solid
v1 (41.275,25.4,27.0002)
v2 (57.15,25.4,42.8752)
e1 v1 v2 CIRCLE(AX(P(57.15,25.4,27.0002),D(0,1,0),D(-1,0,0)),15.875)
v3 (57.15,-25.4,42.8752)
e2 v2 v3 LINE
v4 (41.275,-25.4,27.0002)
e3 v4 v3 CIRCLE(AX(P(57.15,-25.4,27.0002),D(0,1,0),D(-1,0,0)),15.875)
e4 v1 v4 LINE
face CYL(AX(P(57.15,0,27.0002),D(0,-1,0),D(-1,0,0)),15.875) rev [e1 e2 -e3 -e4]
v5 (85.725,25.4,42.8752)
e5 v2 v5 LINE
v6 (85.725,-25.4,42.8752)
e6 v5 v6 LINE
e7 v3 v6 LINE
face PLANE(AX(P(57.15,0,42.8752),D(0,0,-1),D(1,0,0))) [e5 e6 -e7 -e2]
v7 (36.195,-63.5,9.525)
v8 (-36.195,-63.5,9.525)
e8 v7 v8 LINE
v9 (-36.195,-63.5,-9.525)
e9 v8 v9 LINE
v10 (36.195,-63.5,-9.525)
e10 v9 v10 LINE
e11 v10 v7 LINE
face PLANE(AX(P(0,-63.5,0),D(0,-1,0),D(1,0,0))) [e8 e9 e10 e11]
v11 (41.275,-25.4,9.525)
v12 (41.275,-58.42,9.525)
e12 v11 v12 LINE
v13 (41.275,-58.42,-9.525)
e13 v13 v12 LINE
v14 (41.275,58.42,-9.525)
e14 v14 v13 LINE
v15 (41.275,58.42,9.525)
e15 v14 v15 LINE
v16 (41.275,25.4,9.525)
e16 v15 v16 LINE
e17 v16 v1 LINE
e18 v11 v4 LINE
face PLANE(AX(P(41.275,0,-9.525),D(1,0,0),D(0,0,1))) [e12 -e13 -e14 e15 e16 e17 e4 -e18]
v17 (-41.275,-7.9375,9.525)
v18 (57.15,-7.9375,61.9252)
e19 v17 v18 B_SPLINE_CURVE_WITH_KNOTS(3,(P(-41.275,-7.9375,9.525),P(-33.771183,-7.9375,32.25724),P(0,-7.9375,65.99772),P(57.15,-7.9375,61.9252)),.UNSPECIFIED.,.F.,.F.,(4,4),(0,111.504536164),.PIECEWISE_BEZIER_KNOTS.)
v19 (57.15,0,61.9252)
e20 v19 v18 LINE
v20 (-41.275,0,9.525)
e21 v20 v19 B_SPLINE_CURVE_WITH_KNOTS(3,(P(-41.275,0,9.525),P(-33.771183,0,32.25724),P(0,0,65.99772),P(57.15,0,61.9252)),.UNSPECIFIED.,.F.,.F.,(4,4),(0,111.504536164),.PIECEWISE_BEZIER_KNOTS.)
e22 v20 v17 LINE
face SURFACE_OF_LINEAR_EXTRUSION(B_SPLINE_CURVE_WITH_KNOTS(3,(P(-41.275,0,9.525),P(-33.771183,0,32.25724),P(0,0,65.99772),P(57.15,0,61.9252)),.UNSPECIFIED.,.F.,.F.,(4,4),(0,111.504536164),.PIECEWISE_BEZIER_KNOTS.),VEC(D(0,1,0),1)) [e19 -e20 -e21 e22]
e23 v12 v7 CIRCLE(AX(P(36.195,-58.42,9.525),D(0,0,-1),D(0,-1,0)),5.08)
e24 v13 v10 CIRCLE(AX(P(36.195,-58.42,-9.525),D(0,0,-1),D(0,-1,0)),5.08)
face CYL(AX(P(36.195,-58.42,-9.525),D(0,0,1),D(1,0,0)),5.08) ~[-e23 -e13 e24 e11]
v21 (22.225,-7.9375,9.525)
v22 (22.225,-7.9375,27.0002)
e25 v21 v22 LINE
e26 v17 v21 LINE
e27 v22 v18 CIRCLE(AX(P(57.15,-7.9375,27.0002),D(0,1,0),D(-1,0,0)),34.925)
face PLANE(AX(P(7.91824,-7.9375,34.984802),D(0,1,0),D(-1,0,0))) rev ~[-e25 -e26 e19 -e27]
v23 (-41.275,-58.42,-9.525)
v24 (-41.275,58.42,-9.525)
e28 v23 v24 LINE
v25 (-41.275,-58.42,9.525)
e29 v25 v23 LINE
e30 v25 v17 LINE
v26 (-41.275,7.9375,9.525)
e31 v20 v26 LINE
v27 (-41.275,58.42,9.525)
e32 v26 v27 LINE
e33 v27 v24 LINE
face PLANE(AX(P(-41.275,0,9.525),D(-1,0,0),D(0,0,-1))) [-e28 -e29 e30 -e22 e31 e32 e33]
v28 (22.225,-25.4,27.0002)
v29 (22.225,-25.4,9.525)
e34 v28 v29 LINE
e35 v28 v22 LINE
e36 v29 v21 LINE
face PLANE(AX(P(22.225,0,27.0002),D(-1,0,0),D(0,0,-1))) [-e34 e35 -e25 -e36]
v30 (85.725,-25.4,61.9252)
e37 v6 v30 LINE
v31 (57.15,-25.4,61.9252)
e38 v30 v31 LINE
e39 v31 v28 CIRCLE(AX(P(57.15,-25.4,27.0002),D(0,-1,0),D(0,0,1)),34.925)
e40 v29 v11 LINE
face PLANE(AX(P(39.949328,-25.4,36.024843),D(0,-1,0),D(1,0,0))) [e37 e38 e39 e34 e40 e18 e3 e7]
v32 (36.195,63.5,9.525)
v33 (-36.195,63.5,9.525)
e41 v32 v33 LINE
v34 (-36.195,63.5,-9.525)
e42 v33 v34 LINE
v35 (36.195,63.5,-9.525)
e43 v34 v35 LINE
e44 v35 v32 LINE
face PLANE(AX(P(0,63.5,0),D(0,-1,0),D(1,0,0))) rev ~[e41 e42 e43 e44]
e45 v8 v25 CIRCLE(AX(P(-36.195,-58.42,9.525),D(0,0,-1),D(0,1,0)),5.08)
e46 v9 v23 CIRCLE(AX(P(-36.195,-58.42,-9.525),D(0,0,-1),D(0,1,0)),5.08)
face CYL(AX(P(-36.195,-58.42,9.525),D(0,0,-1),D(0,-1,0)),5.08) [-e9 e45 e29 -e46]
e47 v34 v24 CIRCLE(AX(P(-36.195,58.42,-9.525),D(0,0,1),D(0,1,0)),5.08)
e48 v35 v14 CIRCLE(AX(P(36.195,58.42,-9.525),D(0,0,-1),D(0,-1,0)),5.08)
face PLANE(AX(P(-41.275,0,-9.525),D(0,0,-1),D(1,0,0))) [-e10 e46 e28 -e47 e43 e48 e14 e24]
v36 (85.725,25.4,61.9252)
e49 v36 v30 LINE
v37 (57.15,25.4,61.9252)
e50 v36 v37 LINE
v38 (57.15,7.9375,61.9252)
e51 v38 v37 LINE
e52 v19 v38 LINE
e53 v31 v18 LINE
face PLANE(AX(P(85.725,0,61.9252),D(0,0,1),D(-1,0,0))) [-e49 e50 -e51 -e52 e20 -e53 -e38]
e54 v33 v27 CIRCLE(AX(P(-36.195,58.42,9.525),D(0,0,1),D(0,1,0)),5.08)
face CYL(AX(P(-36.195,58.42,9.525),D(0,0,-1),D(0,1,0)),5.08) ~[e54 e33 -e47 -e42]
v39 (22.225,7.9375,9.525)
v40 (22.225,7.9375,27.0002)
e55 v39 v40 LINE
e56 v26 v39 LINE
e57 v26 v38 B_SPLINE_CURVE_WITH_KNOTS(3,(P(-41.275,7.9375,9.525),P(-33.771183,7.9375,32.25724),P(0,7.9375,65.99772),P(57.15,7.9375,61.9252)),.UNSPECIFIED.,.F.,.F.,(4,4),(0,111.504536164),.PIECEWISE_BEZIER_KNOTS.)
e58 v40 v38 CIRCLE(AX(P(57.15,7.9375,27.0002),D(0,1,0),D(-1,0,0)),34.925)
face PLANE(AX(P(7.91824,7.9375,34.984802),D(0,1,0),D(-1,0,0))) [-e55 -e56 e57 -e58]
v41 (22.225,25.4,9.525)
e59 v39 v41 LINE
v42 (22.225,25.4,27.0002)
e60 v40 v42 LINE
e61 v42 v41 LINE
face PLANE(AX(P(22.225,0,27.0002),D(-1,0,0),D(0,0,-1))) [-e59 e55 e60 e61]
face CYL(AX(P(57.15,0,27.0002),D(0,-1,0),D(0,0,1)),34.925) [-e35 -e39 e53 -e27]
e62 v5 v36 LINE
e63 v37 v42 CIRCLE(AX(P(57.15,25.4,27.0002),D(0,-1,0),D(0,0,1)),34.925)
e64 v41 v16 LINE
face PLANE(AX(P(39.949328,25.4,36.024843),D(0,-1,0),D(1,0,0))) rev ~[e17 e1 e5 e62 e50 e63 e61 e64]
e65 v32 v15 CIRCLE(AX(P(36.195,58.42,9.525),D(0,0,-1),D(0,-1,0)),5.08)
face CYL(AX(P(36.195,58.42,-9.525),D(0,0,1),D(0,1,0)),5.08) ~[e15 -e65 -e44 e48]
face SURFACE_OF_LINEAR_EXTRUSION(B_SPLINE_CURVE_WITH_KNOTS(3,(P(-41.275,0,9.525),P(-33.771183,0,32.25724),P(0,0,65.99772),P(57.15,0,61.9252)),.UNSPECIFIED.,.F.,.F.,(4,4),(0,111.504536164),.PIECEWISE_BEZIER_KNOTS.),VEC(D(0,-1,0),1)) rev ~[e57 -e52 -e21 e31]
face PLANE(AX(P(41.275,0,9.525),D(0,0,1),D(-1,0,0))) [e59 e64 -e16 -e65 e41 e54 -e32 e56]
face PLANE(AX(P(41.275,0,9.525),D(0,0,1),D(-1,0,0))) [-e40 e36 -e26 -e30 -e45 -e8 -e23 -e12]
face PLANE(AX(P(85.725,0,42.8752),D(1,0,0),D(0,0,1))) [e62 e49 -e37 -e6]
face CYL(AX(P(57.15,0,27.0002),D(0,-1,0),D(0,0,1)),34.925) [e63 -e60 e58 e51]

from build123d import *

# Parameters (mm, degrees)
F1_DEPTH = 63.5
F0_W     = 25.4
F0_H     = 19.05
F2_DEPTH = 25.4
F3_DEPTH = 7.9375
F4_R     = 5.08


with BuildPart() as f1:
    # F0 (on Front) → F1 (new body, symmetric)
    with BuildSketch(Plane.XZ):
        Polygon((-41.275, -9.525), (41.275, -9.525), (41.275, 9.525), (22.225, 9.525), (-41.275, 9.525), align=None)
    extrude(amount=F1_DEPTH, both=True)

    # F0 (on Front) → F2 (join, symmetric)
    with BuildSketch(Plane.XZ):
        with BuildLine():
            Line((22.225, 9.525), (41.275, 9.525))
            Line((41.275, 9.525), (41.275, 27.0002))
            ThreePointArc((41.275, 27.0002), (45.9246798487, 38.2255201513), (57.15, 42.8752))
            Line((57.15, 42.8752), (60.325, 42.8752))
            Line((60.325, 42.8752), (60.325, 61.9252))
            Line((60.325, 61.9252), (57.15, 61.9252))
            ThreePointArc((57.15, 61.9252), (32.4542956671, 51.6959043329), (22.225, 27.0002))
            Line((22.225, 27.0002), (22.225, 9.525))
        make_face()
        with Locations((73.025, 52.4002)):
            Rectangle(F0_W, F0_H)
    extrude(amount=F2_DEPTH, both=True)

    # F0 (on Front) → F3 (join, symmetric)
    with BuildSketch(Plane.XZ):
        with BuildLine():
            add(Edge.make_bspline(
                [(-41.275, 9.525), (-33.7711833417, 32.2572402656), (0, 65.9977197647), (57.15, 61.9252)],
                knots=[0, 0, 0, 0, 111.5045361635, 111.5045361635, 111.5045361635, 111.5045361635], degree=3))
            Line((-41.275, 9.525), (22.225, 9.525))
            Line((22.225, 9.525), (22.225, 27.0002))
            ThreePointArc((22.225, 27.0002), (32.4542956671, 51.6959043329), (57.15, 61.9252))
        make_face()
    extrude(amount=F3_DEPTH, both=True)

    # F4
    f4_edges = [f1.edges().sort_by_distance(p)[0] for p in [
        (41.275, -63.5, 0),
        (41.275, 63.5, 0),
        (-41.275, 63.5, 0),
        (-41.275, -63.5, 0),
    ]]
    fillet(f4_edges, radius=F4_R)


solid = f1.part
